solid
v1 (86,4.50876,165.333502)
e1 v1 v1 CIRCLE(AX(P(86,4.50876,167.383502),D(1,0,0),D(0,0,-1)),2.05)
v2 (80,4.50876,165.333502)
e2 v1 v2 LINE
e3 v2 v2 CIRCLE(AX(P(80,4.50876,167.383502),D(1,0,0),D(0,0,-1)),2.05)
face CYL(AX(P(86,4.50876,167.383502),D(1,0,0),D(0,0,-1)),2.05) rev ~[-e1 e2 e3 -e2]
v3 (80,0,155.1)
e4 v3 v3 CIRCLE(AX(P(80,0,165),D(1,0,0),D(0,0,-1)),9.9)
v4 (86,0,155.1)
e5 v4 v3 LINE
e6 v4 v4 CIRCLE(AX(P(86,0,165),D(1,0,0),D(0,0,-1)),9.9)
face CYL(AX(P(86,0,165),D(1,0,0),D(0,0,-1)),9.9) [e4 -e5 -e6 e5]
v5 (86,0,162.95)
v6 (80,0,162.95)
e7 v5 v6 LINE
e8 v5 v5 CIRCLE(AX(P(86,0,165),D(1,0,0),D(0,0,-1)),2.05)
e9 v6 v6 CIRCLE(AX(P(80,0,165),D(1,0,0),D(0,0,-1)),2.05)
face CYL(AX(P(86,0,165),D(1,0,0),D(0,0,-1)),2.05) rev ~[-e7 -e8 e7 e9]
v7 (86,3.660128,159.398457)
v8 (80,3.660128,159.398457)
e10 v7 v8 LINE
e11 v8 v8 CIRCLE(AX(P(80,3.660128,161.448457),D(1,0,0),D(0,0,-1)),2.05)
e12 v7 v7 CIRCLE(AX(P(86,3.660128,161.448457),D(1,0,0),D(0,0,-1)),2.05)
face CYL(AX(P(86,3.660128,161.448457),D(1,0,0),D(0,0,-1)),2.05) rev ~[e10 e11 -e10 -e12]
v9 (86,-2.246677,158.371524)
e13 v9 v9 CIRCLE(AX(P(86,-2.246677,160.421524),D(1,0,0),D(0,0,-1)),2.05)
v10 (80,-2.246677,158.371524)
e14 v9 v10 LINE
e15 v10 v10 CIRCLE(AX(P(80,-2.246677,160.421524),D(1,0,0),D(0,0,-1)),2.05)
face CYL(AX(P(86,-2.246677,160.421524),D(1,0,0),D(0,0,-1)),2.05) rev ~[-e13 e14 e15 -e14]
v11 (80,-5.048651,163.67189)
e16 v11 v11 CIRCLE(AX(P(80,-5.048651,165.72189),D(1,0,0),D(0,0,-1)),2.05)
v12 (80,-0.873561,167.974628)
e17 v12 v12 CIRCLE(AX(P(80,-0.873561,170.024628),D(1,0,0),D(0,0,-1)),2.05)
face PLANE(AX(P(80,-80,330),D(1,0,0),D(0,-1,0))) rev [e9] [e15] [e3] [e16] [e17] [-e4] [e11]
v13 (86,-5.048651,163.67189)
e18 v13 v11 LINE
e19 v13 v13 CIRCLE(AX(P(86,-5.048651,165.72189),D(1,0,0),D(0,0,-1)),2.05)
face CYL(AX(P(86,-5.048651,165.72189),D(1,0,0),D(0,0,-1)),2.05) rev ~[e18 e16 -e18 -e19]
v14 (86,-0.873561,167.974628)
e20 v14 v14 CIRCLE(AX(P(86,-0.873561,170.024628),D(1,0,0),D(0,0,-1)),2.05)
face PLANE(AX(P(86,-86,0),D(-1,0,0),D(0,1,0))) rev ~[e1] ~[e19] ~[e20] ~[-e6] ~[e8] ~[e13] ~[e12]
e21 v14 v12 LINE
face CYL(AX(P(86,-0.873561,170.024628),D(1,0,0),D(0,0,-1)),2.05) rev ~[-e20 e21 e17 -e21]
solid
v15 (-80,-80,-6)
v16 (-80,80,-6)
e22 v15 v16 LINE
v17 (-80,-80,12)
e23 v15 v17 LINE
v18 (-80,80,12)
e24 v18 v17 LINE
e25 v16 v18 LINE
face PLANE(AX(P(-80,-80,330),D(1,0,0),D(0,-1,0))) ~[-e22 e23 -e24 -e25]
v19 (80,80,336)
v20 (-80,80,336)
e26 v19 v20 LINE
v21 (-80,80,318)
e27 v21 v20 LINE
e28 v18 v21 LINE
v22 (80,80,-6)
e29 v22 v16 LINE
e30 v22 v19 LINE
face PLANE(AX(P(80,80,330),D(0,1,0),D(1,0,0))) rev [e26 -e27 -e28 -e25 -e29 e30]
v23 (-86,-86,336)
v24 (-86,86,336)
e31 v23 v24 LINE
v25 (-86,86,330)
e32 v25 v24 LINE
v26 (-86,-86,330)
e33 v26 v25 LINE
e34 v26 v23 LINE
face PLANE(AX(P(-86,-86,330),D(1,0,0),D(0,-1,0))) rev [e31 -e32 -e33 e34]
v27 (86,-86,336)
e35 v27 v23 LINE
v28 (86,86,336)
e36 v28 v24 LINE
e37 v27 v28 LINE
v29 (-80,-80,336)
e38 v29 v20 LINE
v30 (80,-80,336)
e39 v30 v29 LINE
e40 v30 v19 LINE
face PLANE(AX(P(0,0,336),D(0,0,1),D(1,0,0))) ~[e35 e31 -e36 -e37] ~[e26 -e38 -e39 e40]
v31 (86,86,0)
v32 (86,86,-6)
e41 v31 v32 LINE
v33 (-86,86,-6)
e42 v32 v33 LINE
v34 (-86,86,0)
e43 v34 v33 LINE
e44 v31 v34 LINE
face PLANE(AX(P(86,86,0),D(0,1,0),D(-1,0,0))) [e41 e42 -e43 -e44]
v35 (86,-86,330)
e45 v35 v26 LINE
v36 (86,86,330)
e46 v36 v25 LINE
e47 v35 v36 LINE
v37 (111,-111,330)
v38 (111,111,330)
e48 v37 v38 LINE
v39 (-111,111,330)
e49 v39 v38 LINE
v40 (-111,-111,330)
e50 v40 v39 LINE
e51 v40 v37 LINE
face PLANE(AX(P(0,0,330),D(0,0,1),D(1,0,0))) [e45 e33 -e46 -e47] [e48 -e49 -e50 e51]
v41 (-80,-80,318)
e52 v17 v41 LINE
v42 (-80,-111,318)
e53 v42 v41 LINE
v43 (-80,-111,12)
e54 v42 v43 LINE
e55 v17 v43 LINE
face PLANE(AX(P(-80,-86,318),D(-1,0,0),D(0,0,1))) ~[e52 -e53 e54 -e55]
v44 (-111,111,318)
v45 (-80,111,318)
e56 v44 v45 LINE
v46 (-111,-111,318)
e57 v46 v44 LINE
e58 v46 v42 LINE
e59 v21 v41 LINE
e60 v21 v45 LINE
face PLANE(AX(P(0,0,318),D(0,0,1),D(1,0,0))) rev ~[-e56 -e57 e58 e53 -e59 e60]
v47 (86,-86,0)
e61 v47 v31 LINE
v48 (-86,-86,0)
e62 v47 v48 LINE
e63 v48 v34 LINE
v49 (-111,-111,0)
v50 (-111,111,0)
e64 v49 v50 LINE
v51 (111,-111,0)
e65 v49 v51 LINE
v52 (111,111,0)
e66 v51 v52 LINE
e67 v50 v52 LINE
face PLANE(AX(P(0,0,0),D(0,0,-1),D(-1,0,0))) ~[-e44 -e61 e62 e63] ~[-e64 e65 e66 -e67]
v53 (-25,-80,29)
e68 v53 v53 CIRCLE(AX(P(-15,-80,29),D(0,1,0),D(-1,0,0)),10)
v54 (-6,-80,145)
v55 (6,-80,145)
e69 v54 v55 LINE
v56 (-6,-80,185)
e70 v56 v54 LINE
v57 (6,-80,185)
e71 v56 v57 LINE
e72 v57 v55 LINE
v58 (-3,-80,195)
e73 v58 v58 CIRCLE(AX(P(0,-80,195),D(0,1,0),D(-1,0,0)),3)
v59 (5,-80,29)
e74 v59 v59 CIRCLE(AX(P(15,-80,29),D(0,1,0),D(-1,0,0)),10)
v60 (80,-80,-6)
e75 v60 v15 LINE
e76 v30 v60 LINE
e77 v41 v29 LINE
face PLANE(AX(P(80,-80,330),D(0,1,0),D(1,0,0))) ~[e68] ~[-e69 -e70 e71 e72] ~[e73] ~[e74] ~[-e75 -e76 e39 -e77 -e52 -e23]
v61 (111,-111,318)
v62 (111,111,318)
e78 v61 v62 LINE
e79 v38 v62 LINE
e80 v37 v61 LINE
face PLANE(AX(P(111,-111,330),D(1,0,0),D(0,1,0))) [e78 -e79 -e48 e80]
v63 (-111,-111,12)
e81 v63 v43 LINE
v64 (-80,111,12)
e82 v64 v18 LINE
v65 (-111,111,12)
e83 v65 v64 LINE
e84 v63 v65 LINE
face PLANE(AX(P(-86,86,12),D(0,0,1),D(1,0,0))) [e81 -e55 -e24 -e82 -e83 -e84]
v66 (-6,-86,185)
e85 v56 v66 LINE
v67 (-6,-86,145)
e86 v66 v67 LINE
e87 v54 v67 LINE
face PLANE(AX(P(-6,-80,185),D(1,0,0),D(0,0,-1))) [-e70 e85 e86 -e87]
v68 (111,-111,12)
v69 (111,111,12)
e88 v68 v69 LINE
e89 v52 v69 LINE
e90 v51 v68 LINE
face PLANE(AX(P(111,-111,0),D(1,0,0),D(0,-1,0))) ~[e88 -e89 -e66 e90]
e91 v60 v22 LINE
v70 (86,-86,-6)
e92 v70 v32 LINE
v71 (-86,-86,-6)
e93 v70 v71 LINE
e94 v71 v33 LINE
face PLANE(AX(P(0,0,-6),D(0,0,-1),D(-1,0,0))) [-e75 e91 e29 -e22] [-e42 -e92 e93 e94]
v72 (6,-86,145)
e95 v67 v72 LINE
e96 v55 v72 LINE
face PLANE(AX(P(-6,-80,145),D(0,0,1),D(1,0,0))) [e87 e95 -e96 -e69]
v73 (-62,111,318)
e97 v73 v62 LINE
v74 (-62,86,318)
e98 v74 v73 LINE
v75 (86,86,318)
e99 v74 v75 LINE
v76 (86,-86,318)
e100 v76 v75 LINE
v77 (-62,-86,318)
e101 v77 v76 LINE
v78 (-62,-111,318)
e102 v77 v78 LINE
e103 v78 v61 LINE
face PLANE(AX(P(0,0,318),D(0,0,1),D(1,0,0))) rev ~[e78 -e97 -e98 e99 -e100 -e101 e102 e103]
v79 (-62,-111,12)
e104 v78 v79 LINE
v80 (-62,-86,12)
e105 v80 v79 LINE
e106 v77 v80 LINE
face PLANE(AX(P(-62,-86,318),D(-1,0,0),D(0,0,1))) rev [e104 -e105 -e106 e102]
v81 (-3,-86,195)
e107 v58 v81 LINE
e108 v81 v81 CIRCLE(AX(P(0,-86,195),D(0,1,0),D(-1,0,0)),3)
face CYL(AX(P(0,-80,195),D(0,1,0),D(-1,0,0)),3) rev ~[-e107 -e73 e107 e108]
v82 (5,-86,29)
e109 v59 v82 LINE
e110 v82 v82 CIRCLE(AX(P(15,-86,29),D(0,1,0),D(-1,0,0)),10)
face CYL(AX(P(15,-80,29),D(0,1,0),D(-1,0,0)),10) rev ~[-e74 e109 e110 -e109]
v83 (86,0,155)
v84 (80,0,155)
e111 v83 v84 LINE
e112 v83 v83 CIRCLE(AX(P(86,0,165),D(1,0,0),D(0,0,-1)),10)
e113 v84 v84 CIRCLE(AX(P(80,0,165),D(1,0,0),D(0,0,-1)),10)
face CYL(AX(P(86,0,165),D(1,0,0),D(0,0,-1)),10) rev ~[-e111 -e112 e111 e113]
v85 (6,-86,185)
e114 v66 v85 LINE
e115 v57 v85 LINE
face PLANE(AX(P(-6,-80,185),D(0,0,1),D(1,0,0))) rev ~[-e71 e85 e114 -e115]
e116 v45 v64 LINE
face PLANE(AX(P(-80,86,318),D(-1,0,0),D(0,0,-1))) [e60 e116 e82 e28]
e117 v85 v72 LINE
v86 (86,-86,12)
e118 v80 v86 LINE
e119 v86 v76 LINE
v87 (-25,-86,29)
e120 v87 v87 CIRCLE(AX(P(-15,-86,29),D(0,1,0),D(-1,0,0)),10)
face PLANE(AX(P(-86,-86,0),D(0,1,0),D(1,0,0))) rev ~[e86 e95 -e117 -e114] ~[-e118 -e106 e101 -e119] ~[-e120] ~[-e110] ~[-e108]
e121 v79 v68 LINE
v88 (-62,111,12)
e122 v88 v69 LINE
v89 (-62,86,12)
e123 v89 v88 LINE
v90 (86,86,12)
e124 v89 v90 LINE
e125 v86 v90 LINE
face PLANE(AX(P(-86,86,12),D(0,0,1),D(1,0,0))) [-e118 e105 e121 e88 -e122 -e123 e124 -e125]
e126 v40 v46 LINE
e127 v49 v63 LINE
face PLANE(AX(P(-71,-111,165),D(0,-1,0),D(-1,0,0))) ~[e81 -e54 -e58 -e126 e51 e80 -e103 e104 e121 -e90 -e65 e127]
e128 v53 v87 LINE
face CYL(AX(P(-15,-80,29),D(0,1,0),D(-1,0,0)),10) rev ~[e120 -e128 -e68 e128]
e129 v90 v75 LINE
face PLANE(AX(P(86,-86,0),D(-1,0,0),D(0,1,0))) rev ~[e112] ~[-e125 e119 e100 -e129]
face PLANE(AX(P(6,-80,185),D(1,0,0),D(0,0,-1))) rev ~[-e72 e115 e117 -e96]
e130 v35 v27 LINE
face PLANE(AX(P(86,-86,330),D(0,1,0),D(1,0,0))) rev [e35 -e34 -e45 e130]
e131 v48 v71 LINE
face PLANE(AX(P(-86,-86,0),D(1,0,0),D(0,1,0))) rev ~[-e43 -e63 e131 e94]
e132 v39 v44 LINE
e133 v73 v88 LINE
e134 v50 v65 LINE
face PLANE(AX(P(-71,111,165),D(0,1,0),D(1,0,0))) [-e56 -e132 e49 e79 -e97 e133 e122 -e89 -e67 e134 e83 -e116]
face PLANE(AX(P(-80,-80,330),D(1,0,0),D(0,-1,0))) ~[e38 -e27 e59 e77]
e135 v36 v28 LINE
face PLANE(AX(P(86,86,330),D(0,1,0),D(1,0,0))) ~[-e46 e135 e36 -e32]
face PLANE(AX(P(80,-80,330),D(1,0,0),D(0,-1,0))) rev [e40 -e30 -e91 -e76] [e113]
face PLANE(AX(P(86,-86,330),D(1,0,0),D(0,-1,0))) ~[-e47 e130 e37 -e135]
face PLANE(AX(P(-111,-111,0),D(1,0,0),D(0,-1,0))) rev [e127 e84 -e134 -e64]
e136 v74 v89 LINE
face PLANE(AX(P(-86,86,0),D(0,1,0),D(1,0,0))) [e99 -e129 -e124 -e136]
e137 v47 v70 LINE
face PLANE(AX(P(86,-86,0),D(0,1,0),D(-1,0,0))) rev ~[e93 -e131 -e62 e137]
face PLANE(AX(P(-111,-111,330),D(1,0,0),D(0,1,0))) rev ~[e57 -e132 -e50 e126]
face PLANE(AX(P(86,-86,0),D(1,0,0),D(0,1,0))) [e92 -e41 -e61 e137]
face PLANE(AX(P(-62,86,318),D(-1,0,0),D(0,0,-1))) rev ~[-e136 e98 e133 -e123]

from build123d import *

# Parameters (mm, degrees)
SKETCH1_W           = 172
SKETCH1_H           = 172
SKETCH1_W_2         = 160
SKETCH1_H_2         = 160
EXTRUDE_THIN1_DEPTH = 330
SKETCH5_W           = 222
SKETCH5_H           = 222
SKETCH5_W_2         = 160
SKETCH5_H_2         = 160
BOSS_EXTRUDE2_DEPTH = 12
SKETCH6_W           = 172
SKETCH6_H           = 172
SKETCH6_W_2         = 160
SKETCH6_H_2         = 160
EXTRUDE_THIN2_DEPTH = 6
SKETCH7_W           = 6
SKETCH7_H           = 306
CUT_EXTRUDE1_DEPTH  = 406.001234566
SKETCH8_W           = 18
SKETCH8_H           = 306
BOSS_EXTRUDE3_DEPTH = 25
SKETCH10_R          = 10
SKETCH10_R_2        = 9.9
SKETCH10_R_3        = 2.05
CUT_EXTRUDE2_DEPTH  = 406.001234566
SKETCH11_R          = 10
SKETCH11_R_2        = 3
SKETCH11_W          = 12
SKETCH11_H          = 40
CUT_EXTRUDE3_DEPTH  = 79


with BuildPart() as part:
    # Sketch1 → Extrude-Thin1 (new body)
    with BuildSketch(Plane.XY):
        Rectangle(SKETCH1_W, SKETCH1_H)
        Rectangle(SKETCH1_W_2, SKETCH1_H_2, mode=Mode.SUBTRACT)
    extrude(amount=EXTRUDE_THIN1_DEPTH)

    # Sketch5 → Boss-Extrude2 (add)
    with BuildSketch(Plane.XY.offset(330)):
        Rectangle(SKETCH5_W, SKETCH5_H)
        Rectangle(SKETCH5_W_2, SKETCH5_H_2, mode=Mode.SUBTRACT)
    boss_extrude2 = extrude(amount=-BOSS_EXTRUDE2_DEPTH)

    # Mirror2: Boss-Extrude2 across plane
    add(boss_extrude2.mirror(Plane.XY.offset(165)))

    # Sketch6 → Extrude-Thin2 (add)
    with BuildSketch(Plane(origin=(0, 0, 0), x_dir=(-1, 0, 0), z_dir=(0, 0, -1))):
        Rectangle(SKETCH6_W, SKETCH6_H)
        Rectangle(SKETCH6_W_2, SKETCH6_H_2, mode=Mode.SUBTRACT)
    extrude_thin2 = extrude(amount=EXTRUDE_THIN2_DEPTH)

    # Mirror3: Extrude-Thin2 across plane
    add(extrude_thin2.mirror(Plane.XY.offset(165)))

    # Sketch7 → Cut-Extrude1 (cut, through all)
    with BuildSketch(Plane(origin=(0, 86, 0), x_dir=(1, 0, 0), z_dir=(0, 1, 0))):
        with Locations((-83, -165)):
            Rectangle(SKETCH7_W, SKETCH7_H)
    extrude(amount=-CUT_EXTRUDE1_DEPTH, mode=Mode.SUBTRACT)

    # Sketch8 → Boss-Extrude3 (add)
    with BuildSketch(Plane(origin=(0, 86, 0), x_dir=(1, 0, 0), z_dir=(0, 1, 0))):
        with Locations((-71, -165)):
            Rectangle(SKETCH8_W, SKETCH8_H)
    boss_extrude3 = extrude(amount=BOSS_EXTRUDE3_DEPTH)

    # Mirror7: Boss-Extrude3 across plane
    add(boss_extrude3.mirror(Plane.ZX))

    # Sketch10 → Cut-Extrude2 (cut, through all)
    # profile 1 of 7: a face of its own
    with BuildSketch(Plane(origin=(86, 0, 0), x_dir=(0, 0, -1), z_dir=(1, 0, 0))):
        with Locations((-165, 0)):
            Circle(SKETCH10_R)
        with Locations((-165, 0)):
            Circle(SKETCH10_R_2, mode=Mode.SUBTRACT)
    # profile 2 of 7: a face of its own
    with BuildSketch(Plane(origin=(86, 0, 0), x_dir=(0, 0, -1), z_dir=(1, 0, 0))):
        with Locations((-160.421523837, -2.246676661)):
            Circle(SKETCH10_R_3)
    # profile 3 of 7: a face of its own
    with BuildSketch(Plane(origin=(86, 0, 0), x_dir=(0, 0, -1), z_dir=(1, 0, 0))):
        with Locations((-165.721889536, -5.048650859)):
            Circle(SKETCH10_R_3)
    # profile 4 of 7: a face of its own
    with BuildSketch(Plane(origin=(86, 0, 0), x_dir=(0, 0, -1), z_dir=(1, 0, 0))):
        with Locations((-170.024628433, -0.873561167)):
            Circle(SKETCH10_R_3)
    # profile 5 of 7: a face of its own
    with BuildSketch(Plane(origin=(86, 0, 0), x_dir=(0, 0, -1), z_dir=(1, 0, 0))):
        with Locations((-165, 0)):
            Circle(SKETCH10_R_3)
    # profile 6 of 7: a face of its own
    with BuildSketch(Plane(origin=(86, 0, 0), x_dir=(0, 0, -1), z_dir=(1, 0, 0))):
        with Locations((-161.448456578, 3.660128321)):
            Circle(SKETCH10_R_3)
    # profile 7 of 7: a face of its own
    with BuildSketch(Plane(origin=(86, 0, 0), x_dir=(0, 0, -1), z_dir=(1, 0, 0))):
        with Locations((-167.383501616, 4.508760367)):
            Circle(SKETCH10_R_3)
    extrude(amount=-CUT_EXTRUDE2_DEPTH, mode=Mode.SUBTRACT)


with BuildPart() as cut_extrude2_piece_1:
    # of the separate pieces the step leaves, piece 1, a body of its own (cut_extrude2_pieces)
    add(part.part.solids().sort_by_distance((111, -111, 0))[0])

    # Sketch11 → Cut-Extrude3 (cut)
    with BuildSketch(Plane(origin=(0, -80, 0), x_dir=(1, 0, 0), z_dir=(0, 1, 0))):
        with Locations(Location((-15, -29, 0), (0, 0, 180))):
            Circle(SKETCH11_R)
        with Locations(Location((0, -195, 0), (0, 0, 180))):
            Circle(SKETCH11_R_2)
        with Locations(Location((15, -29, 0), (0, 0, 180))):
            Circle(SKETCH11_R)
        with Locations((0, -165)):
            Rectangle(SKETCH11_W, SKETCH11_H)
    extrude(amount=-CUT_EXTRUDE3_DEPTH, mode=Mode.SUBTRACT)


with BuildPart() as cut_extrude2_piece_2:
    # of the separate pieces the step leaves, piece 2, a body of its own (cut_extrude2_pieces)
    add(part.part.solids().sort_by_distance((86, 0, 155.1))[0])


solid = Compound([cut_extrude2_piece_1.part, cut_extrude2_piece_2.part])
